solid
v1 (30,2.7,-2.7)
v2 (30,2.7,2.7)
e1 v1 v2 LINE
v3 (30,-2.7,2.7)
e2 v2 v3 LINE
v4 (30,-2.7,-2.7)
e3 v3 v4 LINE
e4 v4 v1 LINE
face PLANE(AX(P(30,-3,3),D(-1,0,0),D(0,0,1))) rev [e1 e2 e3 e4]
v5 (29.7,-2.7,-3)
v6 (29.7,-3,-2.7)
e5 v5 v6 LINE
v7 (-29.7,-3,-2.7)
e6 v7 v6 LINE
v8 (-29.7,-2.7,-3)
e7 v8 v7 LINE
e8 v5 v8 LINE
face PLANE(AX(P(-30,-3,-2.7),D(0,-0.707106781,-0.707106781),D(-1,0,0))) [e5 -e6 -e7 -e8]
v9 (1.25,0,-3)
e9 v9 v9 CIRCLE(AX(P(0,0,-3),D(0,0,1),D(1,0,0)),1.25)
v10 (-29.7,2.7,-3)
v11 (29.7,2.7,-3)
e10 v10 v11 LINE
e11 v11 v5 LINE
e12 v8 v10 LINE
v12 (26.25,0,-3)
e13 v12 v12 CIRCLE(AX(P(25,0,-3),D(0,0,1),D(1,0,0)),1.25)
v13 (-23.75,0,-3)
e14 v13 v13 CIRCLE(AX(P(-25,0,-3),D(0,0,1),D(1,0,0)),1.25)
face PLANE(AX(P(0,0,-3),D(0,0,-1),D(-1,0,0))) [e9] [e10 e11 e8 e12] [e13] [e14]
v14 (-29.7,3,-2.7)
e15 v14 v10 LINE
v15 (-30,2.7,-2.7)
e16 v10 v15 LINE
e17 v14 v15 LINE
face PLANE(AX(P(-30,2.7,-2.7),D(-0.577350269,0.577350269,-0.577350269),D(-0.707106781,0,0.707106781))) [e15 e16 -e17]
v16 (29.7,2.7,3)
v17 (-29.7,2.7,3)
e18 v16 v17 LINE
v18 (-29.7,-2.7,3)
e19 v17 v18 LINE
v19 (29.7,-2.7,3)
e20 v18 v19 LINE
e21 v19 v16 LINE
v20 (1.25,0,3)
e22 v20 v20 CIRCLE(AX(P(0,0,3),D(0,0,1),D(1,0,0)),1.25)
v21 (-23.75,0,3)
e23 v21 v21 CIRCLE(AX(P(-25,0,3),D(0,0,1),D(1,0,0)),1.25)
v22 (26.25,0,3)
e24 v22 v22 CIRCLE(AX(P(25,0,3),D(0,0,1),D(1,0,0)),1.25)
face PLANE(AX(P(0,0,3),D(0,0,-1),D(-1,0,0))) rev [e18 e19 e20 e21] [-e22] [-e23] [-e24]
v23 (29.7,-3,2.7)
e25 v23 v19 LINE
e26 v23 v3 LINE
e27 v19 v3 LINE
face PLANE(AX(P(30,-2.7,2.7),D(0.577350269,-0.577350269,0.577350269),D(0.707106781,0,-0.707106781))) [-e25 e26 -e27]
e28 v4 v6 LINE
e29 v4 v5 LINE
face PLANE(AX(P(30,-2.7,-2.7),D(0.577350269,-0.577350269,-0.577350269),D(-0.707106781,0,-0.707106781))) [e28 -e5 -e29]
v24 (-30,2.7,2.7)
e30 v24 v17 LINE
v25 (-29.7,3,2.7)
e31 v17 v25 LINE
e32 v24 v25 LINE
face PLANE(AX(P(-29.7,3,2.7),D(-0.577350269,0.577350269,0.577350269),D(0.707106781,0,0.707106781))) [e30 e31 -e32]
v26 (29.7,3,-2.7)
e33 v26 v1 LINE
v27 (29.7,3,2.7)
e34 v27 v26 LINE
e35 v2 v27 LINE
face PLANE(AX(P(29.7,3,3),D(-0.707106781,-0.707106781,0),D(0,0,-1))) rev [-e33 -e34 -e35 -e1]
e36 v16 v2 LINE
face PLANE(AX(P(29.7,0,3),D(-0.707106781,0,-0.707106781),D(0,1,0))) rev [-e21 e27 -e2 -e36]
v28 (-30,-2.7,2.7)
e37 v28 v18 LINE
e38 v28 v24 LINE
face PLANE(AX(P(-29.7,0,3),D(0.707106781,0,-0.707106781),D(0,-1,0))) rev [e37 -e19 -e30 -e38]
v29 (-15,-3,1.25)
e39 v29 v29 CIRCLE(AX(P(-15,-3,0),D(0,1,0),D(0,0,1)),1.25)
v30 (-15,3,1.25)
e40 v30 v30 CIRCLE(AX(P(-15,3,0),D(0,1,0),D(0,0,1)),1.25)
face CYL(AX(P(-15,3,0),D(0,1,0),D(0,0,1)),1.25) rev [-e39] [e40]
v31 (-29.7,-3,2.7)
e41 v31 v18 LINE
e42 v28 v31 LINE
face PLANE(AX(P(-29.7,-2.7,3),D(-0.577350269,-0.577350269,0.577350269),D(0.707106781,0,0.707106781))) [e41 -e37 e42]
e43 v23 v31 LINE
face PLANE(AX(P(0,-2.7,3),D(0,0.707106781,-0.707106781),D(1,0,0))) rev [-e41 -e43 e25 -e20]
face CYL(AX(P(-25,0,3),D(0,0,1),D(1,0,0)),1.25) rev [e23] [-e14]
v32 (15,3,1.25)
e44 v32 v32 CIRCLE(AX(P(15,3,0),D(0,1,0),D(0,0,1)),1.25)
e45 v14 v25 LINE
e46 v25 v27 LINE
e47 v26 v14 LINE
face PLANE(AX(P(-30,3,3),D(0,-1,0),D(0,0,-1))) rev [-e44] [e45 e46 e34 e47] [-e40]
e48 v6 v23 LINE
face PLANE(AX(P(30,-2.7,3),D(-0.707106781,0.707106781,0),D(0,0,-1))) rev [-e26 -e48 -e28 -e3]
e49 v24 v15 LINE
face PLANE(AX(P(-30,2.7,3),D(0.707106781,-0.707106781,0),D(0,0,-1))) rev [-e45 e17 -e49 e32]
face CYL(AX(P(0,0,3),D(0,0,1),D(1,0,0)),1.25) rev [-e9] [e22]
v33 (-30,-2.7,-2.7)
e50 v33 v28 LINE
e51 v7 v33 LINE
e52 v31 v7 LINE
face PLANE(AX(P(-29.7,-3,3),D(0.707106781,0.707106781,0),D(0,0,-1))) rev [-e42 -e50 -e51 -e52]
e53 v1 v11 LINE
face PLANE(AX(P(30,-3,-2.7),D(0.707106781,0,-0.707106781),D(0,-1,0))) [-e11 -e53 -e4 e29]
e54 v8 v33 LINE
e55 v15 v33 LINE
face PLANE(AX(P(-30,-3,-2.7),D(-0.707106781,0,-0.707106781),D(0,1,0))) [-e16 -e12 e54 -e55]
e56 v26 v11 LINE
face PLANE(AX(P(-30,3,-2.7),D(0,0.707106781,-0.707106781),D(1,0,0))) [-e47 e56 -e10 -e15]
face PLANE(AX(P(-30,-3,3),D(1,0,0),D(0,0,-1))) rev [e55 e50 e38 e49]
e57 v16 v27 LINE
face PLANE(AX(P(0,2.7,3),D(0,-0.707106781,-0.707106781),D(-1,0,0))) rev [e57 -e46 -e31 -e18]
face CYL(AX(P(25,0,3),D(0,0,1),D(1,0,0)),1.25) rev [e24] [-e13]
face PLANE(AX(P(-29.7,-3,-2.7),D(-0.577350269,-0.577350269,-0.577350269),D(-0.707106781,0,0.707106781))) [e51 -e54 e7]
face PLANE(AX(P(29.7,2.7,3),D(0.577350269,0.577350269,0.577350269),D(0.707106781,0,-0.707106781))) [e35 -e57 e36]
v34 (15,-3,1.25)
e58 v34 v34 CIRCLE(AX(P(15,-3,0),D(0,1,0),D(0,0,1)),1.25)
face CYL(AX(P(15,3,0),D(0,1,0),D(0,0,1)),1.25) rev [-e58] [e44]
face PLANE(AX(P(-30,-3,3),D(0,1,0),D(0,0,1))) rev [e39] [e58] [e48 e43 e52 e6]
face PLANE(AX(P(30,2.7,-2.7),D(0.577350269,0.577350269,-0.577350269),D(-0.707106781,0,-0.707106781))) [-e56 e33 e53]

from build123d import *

# Parameters (mm, degrees)
SKETCH_1_W         = 60
SKETCH_1_H         = 6
EXTRUDE_1_DEPTH    = 3
HOLE_WIZARD_M3_1_D = 2.5
HOLE_WIZARD_M3_2_D = 2.5
CHAMFER_1_SIZE     = 0.3


with BuildPart() as part:
    # 草图1 → 凸台-拉伸1 (new, symmetric)
    with BuildSketch(Plane.XY):
        Rectangle(SKETCH_1_W, SKETCH_1_H)
    extrude(amount=EXTRUDE_1_DEPTH, both=True)

    # M3 螺纹孔1 (through all)
    with Locations(Plane.XY.offset(3)):
        with Locations((-25, 0), (0, 0), (25, 0)):
            Hole(HOLE_WIZARD_M3_1_D / 2)

    # M3 螺纹孔2 (through all)
    with Locations(Plane(origin=(0, 3, 0), x_dir=(1, 0, 0), z_dir=(0, 1, 0))):
        with Locations((-15, 0), (15, 0)):
            Hole(HOLE_WIZARD_M3_2_D / 2)

    # 倒角1
    chamfer_1_edges = [part.edges().sort_by_distance(p)[0] for p in [
        (-30, 0, 3),
        (0, -3, 3),
        (30, 0, 3),
        (0, -3, -3),
        (-30, 0, -3),
        (0, 3, -3),
        (30, 0, -3),
        (30, -3, 0),
        (-30, -3, 0),
        (-30, 3, 0),
        (30, 3, 0),
        (0, 3, 3),
    ]]
    chamfer(chamfer_1_edges, length=CHAMFER_1_SIZE)


solid = part.part
